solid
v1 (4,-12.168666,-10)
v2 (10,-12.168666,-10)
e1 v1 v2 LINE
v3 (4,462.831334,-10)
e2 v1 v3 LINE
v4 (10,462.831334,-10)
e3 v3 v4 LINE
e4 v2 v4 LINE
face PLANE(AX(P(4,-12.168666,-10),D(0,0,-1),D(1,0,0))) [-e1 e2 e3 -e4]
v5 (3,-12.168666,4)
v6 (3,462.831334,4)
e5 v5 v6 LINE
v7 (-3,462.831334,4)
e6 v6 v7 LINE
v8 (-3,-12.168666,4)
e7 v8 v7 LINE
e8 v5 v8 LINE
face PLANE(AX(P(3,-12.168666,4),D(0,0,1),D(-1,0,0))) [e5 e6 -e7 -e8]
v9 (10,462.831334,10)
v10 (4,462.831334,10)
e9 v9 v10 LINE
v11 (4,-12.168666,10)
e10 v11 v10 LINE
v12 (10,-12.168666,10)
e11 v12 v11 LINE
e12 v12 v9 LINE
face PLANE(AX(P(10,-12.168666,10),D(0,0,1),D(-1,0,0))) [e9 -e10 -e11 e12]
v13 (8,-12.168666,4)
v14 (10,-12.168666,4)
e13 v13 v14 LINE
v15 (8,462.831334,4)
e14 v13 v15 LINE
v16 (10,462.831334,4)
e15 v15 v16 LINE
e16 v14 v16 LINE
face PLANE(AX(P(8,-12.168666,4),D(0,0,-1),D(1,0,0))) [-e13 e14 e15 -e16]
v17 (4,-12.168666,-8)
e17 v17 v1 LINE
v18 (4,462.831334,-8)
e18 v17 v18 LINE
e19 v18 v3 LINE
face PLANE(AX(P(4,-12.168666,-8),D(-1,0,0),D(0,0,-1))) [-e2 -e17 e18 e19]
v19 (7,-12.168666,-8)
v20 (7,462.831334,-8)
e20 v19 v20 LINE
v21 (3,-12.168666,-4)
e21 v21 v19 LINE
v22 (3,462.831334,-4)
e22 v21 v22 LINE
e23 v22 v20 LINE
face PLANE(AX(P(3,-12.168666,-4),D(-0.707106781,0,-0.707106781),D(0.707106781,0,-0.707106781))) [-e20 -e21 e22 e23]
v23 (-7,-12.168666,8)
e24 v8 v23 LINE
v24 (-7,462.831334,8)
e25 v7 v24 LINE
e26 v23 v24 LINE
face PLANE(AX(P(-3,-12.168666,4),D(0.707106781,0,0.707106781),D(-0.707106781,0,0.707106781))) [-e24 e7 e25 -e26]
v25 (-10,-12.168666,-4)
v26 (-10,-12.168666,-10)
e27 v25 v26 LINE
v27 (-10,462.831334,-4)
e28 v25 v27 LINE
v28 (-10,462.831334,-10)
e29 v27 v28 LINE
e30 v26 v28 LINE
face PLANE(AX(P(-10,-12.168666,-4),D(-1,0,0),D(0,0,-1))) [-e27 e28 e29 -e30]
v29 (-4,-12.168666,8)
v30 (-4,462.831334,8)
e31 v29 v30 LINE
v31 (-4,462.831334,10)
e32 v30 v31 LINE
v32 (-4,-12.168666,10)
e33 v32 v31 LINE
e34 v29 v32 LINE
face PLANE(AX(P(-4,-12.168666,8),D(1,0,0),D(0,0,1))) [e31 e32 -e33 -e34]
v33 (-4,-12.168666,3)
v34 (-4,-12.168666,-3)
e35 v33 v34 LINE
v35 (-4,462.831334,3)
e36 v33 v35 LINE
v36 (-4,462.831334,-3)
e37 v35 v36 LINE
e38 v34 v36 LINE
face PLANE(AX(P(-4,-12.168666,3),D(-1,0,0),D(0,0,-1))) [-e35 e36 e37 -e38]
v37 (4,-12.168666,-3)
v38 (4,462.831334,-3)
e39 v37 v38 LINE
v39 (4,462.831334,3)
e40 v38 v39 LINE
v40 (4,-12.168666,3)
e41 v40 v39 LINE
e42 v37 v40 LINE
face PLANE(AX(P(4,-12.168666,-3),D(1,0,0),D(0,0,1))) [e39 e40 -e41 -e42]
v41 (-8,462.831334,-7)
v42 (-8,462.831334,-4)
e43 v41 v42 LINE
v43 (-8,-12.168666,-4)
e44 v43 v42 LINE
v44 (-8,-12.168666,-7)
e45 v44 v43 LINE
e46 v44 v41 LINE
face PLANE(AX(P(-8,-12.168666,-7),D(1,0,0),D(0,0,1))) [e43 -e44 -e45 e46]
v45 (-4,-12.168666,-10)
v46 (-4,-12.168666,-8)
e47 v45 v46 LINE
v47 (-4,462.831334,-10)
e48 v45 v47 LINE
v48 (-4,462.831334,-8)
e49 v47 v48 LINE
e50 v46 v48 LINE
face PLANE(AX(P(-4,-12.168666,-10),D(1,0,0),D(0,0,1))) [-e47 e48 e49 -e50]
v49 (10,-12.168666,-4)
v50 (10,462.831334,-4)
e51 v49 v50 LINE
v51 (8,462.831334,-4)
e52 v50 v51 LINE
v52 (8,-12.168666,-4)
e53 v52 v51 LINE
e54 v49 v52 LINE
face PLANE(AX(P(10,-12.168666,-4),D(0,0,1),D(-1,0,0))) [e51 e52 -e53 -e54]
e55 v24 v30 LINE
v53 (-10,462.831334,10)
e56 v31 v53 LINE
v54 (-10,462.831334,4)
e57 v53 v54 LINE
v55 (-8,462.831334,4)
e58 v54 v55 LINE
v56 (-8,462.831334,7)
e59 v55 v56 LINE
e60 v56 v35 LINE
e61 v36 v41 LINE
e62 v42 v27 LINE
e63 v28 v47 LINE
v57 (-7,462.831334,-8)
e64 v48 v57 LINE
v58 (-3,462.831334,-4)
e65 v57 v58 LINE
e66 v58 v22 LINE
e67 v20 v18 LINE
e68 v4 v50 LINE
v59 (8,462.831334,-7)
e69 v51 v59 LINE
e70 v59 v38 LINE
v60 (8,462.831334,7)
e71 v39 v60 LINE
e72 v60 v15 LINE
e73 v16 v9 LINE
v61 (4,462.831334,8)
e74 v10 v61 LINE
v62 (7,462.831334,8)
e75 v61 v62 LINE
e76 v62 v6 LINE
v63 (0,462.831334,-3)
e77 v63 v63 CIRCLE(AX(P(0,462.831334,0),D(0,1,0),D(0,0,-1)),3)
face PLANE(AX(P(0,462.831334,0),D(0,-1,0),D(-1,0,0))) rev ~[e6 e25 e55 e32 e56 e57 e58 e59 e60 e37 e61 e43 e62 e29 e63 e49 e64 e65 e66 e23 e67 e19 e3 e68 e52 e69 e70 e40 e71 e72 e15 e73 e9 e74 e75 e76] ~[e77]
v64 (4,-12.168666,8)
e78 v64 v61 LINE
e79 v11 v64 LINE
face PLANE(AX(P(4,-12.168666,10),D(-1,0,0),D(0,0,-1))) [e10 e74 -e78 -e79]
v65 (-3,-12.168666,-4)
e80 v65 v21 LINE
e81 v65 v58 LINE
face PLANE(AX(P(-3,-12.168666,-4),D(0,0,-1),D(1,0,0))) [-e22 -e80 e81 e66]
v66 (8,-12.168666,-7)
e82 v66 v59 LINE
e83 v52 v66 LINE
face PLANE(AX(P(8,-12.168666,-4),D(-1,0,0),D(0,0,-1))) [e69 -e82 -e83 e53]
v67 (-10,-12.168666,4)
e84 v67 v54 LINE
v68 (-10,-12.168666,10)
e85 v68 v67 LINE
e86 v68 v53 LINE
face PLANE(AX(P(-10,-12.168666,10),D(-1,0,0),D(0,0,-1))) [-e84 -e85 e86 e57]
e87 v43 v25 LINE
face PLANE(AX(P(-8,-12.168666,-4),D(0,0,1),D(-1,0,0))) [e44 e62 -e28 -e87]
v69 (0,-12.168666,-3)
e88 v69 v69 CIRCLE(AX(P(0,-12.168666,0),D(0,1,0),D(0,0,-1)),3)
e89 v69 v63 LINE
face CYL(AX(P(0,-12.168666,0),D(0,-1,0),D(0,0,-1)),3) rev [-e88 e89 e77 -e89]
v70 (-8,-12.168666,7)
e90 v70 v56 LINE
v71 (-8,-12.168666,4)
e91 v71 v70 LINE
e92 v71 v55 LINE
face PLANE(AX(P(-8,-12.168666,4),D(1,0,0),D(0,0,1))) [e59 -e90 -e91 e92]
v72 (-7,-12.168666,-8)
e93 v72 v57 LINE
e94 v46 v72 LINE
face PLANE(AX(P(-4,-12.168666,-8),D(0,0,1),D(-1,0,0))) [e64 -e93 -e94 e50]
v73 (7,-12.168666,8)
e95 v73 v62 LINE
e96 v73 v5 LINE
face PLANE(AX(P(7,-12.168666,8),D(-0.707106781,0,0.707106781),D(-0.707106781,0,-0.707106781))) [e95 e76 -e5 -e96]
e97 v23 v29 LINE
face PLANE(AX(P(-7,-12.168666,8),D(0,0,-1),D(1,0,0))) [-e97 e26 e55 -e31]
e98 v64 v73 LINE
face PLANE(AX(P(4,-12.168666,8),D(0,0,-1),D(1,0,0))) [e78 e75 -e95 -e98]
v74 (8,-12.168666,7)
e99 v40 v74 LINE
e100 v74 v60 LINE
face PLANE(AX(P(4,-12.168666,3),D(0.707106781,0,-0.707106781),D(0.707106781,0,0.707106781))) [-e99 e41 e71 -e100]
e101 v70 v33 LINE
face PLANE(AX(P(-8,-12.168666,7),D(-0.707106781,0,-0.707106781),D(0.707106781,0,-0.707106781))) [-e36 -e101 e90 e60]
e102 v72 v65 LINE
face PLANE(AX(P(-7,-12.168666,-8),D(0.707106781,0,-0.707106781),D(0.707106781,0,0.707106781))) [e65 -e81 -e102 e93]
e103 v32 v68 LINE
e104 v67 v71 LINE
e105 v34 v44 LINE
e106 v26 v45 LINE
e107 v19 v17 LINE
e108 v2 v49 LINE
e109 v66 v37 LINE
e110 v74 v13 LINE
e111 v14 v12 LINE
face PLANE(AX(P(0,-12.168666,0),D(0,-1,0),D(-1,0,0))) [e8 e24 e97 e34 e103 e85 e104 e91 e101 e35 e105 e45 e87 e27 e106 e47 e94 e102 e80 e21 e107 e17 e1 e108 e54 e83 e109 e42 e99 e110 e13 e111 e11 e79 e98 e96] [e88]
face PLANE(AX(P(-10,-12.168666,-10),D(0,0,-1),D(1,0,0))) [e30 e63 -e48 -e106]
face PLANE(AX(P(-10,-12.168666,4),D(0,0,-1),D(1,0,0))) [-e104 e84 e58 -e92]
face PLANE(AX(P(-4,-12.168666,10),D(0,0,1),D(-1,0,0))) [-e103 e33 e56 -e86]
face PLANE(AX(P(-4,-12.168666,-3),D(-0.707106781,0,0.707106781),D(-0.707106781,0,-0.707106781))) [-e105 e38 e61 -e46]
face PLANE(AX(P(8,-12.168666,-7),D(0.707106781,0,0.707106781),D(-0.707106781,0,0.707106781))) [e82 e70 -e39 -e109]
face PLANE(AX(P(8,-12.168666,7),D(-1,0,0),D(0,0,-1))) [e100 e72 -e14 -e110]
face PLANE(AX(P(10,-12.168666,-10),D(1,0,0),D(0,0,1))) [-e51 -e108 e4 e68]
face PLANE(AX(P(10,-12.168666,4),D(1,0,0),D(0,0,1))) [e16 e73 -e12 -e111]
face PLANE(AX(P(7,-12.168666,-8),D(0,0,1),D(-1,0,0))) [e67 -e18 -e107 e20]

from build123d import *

# Parameters (mm, degrees)
BOSS_EXTRUDE1_START = -12.168666
F_2020_SKETCH_R     = 3
BOSS_EXTRUDE1_DEPTH = 475


with BuildPart() as part:
    # 2020 sketch → Boss-Extrude1 (new body)
    with BuildSketch(Plane(origin=(0, 0, 0), x_dir=(1, 0, 0), z_dir=(0, 1, 0)).offset(BOSS_EXTRUDE1_START)):
        Polygon((-4, 10), (-4, 8), (-7, 8), (-3, 4), (3, 4), (7, 8), (4, 8), (4, 10), (10, 10), (10, 4), (8, 4), (8, 7), (4, 3), (4, -3), (8, -7), (8, -4), (10, -4), (10, -10), (4, -10), (4, -8), (7, -8), (3, -4), (-3, -4), (-7, -8), (-4, -8), (-4, -10), (-10, -10), (-10, -4), (-8, -4), (-8, -7), (-4, -3), (-4, 3), (-8, 7), (-8, 4), (-10, 4), (-10, 10), align=None)
        with Locations(Location((0, 0, 0), (0, 0, 90))):
            Circle(F_2020_SKETCH_R, mode=Mode.SUBTRACT)
    extrude(amount=BOSS_EXTRUDE1_DEPTH)


solid = part.part
